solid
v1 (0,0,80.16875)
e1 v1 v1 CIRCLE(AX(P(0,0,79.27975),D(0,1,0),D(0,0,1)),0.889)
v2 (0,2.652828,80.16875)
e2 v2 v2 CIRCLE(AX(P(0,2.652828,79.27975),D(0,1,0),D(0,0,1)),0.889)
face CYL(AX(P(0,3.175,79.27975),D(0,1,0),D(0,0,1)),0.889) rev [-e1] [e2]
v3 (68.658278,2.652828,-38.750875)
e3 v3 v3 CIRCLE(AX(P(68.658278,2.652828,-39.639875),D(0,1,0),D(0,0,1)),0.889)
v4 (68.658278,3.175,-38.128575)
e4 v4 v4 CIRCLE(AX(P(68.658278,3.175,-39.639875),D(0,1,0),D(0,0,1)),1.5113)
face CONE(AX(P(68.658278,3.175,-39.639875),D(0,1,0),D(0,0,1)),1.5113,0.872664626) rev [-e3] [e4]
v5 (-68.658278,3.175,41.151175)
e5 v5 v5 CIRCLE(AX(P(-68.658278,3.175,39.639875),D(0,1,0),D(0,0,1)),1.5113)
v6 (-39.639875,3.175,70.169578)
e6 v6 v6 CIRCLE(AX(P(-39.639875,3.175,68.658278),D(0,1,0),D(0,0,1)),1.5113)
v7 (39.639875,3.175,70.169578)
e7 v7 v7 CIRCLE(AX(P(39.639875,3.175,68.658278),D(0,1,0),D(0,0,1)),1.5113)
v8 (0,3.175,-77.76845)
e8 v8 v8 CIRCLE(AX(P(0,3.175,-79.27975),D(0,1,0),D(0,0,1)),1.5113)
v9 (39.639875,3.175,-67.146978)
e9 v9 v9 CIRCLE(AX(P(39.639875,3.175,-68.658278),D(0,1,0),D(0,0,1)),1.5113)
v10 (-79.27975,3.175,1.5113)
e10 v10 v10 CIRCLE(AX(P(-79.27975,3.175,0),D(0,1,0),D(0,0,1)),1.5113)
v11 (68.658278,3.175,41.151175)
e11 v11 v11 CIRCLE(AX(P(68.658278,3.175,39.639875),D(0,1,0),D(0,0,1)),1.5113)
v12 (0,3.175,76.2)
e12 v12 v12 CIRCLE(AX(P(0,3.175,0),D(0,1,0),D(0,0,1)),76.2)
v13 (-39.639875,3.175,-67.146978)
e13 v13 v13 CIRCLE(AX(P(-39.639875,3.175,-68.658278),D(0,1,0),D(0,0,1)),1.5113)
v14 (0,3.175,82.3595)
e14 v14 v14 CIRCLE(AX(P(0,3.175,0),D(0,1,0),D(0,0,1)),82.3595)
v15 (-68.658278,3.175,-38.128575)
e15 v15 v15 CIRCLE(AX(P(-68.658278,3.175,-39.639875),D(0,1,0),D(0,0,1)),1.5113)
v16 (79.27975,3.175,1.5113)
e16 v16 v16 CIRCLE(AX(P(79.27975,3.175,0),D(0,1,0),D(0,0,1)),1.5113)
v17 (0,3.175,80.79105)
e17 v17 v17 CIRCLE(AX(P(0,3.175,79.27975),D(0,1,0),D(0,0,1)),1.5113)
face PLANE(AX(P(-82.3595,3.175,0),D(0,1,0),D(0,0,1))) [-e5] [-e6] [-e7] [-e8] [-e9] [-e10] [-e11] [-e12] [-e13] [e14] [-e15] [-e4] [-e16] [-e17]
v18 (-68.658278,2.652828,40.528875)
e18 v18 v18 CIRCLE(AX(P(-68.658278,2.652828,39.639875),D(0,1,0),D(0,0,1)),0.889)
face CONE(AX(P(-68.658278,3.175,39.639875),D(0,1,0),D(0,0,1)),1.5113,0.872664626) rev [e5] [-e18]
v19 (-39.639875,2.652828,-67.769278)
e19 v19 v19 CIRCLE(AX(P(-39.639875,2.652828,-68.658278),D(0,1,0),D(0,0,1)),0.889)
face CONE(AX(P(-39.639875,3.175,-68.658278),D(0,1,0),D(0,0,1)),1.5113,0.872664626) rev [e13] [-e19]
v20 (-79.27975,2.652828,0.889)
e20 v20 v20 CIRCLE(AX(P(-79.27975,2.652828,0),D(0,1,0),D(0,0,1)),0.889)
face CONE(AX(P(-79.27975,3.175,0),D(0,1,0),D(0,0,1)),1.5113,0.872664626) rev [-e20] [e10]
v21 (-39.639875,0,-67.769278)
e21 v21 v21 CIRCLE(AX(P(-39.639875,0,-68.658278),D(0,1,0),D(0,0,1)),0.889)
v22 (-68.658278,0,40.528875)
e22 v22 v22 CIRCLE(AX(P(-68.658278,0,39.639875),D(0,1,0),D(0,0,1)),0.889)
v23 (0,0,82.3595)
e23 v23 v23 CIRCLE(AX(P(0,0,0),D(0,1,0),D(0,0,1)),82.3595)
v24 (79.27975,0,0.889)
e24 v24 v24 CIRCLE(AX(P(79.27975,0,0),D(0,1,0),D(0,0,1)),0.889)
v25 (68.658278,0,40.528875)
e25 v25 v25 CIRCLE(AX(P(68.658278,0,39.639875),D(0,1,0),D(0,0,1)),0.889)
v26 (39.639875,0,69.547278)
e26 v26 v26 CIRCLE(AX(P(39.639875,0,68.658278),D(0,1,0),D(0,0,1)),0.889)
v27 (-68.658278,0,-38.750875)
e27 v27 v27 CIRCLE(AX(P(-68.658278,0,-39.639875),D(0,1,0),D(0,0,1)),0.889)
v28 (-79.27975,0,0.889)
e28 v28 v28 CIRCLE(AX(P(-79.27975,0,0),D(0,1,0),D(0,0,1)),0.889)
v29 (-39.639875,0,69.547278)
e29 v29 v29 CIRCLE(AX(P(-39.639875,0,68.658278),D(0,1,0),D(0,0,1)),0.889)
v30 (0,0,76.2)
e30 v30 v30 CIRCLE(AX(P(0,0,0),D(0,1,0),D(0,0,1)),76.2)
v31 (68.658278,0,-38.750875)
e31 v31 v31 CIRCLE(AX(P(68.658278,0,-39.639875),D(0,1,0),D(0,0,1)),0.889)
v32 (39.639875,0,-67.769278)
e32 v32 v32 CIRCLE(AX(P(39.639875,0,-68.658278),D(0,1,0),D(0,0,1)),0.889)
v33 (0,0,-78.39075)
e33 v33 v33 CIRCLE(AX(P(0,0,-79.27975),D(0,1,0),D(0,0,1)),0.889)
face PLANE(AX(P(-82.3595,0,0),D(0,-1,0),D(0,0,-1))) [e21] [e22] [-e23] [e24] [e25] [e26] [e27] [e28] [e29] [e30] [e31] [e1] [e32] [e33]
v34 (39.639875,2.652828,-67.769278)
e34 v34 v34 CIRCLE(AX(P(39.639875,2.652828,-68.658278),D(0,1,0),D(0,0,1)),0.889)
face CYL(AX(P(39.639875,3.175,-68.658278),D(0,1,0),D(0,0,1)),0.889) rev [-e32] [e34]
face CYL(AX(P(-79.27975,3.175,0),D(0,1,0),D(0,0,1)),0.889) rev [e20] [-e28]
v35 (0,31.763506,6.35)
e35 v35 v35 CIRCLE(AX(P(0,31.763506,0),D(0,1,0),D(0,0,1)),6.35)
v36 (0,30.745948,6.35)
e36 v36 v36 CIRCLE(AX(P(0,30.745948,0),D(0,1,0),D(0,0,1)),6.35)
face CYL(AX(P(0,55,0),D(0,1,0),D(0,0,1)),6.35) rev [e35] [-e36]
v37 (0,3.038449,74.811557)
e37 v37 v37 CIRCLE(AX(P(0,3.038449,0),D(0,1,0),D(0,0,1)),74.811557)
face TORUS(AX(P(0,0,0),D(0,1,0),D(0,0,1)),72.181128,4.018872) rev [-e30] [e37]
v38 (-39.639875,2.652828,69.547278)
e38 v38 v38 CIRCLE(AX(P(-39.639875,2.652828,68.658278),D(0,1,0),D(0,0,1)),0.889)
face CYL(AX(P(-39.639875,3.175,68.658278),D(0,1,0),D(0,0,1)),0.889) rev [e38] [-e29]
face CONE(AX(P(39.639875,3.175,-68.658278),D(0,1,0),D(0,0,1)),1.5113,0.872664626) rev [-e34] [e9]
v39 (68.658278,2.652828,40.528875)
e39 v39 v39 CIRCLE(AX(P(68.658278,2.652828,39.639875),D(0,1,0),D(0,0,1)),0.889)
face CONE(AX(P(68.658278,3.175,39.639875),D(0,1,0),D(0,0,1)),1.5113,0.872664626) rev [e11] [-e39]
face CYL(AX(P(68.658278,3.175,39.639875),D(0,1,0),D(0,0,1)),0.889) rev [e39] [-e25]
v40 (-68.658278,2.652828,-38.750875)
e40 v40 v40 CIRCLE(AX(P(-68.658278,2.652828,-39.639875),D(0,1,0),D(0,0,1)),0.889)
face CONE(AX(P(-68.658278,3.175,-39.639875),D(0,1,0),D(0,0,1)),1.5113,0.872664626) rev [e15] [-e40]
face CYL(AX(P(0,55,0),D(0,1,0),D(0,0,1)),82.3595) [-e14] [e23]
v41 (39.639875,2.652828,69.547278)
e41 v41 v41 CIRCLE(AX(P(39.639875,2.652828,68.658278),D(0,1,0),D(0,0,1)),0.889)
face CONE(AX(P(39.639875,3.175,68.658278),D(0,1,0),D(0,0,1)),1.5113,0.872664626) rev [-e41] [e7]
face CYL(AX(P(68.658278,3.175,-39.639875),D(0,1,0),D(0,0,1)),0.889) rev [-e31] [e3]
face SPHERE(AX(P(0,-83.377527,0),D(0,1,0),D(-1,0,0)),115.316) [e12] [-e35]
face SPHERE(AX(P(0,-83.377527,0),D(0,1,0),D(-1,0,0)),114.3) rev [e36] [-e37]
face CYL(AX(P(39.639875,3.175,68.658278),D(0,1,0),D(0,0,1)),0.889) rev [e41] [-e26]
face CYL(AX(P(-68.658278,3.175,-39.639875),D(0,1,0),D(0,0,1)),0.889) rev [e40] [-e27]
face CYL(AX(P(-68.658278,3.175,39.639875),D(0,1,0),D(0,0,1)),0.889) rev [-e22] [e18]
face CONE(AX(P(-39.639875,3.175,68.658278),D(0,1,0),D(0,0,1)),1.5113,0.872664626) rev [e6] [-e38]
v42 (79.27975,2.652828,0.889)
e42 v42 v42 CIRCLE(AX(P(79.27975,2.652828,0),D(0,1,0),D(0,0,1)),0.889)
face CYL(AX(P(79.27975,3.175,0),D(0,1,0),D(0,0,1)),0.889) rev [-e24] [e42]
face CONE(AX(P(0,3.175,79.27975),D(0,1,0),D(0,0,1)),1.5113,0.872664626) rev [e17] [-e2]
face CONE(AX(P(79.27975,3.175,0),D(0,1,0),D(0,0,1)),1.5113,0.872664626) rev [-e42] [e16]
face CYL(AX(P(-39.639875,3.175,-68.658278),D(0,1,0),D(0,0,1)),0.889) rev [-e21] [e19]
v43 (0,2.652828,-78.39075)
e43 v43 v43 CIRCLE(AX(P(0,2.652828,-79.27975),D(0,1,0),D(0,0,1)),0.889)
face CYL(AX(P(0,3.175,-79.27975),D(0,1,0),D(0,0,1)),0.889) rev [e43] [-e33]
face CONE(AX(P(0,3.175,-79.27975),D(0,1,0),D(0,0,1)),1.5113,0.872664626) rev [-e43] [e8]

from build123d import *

# Parameters (mm, degrees)
CSK_FOR_0_FLAT_HEAD_MACHINE_SCREW_100_D           = 1.778
CSK_FOR_0_FLAT_HEAD_MACHINE_SCREW_100_CSINK_D     = 3.0226
CSK_FOR_0_FLAT_HEAD_MACHINE_SCREW_100_CSINK_ANGLE = 100
CIRPATTERN1_COUNT                                 = 12


with BuildPart() as part:
    # Sketch1 → Revolve1 (revolve)
    with BuildSketch(Plane.XY):
        with BuildLine():
            Line((-82.3595, 0), (-76.2, 0))
            ThreePointArc((-76.2, 0), (-75.836445405, 1.67032541), (-74.811557259, 3.038449384))
            ThreePointArc((-74.811557259, 3.038449384), (-42.880368086, 22.574179563), (-6.35, 30.745948226))
            Line((-6.35, 30.745948226), (-6.35, 31.763505888))
            ThreePointArc((-6.35, 31.763505888), (-43.680101788, 23.345613205), (-76.2, 3.175))
            Line((-76.2, 3.175), (-82.3595, 3.175))
            Line((-82.3595, 3.175), (-82.3595, 0))
        make_face()
    revolve(axis=Axis((0, 55, 0), (0, -1, 0)))

    # CSK for #0 Flat Head Machine Screw (100)1 (through all)
    with Locations(Plane(origin=(0, 3.175, 0), x_dir=(1, 0, 0), z_dir=(0, 1, 0))):
        with Locations((-79.27975, 0)):
            csk_for_0_flat_head_machine_screw_100 = CounterSinkHole(CSK_FOR_0_FLAT_HEAD_MACHINE_SCREW_100_D / 2, CSK_FOR_0_FLAT_HEAD_MACHINE_SCREW_100_CSINK_D / 2, counter_sink_angle=CSK_FOR_0_FLAT_HEAD_MACHINE_SCREW_100_CSINK_ANGLE)

    # CirPattern1: CSK for #0 Flat Head Machine Screw (100)1 ×12 about axis
    cirpattern1_axis = Axis((0, 0, 0), (0, 1, 0))
    for i in range(1, CIRPATTERN1_COUNT):
        add(csk_for_0_flat_head_machine_screw_100.rotate(cirpattern1_axis, i * 360 / CIRPATTERN1_COUNT), mode=Mode.SUBTRACT)


solid = part.part
